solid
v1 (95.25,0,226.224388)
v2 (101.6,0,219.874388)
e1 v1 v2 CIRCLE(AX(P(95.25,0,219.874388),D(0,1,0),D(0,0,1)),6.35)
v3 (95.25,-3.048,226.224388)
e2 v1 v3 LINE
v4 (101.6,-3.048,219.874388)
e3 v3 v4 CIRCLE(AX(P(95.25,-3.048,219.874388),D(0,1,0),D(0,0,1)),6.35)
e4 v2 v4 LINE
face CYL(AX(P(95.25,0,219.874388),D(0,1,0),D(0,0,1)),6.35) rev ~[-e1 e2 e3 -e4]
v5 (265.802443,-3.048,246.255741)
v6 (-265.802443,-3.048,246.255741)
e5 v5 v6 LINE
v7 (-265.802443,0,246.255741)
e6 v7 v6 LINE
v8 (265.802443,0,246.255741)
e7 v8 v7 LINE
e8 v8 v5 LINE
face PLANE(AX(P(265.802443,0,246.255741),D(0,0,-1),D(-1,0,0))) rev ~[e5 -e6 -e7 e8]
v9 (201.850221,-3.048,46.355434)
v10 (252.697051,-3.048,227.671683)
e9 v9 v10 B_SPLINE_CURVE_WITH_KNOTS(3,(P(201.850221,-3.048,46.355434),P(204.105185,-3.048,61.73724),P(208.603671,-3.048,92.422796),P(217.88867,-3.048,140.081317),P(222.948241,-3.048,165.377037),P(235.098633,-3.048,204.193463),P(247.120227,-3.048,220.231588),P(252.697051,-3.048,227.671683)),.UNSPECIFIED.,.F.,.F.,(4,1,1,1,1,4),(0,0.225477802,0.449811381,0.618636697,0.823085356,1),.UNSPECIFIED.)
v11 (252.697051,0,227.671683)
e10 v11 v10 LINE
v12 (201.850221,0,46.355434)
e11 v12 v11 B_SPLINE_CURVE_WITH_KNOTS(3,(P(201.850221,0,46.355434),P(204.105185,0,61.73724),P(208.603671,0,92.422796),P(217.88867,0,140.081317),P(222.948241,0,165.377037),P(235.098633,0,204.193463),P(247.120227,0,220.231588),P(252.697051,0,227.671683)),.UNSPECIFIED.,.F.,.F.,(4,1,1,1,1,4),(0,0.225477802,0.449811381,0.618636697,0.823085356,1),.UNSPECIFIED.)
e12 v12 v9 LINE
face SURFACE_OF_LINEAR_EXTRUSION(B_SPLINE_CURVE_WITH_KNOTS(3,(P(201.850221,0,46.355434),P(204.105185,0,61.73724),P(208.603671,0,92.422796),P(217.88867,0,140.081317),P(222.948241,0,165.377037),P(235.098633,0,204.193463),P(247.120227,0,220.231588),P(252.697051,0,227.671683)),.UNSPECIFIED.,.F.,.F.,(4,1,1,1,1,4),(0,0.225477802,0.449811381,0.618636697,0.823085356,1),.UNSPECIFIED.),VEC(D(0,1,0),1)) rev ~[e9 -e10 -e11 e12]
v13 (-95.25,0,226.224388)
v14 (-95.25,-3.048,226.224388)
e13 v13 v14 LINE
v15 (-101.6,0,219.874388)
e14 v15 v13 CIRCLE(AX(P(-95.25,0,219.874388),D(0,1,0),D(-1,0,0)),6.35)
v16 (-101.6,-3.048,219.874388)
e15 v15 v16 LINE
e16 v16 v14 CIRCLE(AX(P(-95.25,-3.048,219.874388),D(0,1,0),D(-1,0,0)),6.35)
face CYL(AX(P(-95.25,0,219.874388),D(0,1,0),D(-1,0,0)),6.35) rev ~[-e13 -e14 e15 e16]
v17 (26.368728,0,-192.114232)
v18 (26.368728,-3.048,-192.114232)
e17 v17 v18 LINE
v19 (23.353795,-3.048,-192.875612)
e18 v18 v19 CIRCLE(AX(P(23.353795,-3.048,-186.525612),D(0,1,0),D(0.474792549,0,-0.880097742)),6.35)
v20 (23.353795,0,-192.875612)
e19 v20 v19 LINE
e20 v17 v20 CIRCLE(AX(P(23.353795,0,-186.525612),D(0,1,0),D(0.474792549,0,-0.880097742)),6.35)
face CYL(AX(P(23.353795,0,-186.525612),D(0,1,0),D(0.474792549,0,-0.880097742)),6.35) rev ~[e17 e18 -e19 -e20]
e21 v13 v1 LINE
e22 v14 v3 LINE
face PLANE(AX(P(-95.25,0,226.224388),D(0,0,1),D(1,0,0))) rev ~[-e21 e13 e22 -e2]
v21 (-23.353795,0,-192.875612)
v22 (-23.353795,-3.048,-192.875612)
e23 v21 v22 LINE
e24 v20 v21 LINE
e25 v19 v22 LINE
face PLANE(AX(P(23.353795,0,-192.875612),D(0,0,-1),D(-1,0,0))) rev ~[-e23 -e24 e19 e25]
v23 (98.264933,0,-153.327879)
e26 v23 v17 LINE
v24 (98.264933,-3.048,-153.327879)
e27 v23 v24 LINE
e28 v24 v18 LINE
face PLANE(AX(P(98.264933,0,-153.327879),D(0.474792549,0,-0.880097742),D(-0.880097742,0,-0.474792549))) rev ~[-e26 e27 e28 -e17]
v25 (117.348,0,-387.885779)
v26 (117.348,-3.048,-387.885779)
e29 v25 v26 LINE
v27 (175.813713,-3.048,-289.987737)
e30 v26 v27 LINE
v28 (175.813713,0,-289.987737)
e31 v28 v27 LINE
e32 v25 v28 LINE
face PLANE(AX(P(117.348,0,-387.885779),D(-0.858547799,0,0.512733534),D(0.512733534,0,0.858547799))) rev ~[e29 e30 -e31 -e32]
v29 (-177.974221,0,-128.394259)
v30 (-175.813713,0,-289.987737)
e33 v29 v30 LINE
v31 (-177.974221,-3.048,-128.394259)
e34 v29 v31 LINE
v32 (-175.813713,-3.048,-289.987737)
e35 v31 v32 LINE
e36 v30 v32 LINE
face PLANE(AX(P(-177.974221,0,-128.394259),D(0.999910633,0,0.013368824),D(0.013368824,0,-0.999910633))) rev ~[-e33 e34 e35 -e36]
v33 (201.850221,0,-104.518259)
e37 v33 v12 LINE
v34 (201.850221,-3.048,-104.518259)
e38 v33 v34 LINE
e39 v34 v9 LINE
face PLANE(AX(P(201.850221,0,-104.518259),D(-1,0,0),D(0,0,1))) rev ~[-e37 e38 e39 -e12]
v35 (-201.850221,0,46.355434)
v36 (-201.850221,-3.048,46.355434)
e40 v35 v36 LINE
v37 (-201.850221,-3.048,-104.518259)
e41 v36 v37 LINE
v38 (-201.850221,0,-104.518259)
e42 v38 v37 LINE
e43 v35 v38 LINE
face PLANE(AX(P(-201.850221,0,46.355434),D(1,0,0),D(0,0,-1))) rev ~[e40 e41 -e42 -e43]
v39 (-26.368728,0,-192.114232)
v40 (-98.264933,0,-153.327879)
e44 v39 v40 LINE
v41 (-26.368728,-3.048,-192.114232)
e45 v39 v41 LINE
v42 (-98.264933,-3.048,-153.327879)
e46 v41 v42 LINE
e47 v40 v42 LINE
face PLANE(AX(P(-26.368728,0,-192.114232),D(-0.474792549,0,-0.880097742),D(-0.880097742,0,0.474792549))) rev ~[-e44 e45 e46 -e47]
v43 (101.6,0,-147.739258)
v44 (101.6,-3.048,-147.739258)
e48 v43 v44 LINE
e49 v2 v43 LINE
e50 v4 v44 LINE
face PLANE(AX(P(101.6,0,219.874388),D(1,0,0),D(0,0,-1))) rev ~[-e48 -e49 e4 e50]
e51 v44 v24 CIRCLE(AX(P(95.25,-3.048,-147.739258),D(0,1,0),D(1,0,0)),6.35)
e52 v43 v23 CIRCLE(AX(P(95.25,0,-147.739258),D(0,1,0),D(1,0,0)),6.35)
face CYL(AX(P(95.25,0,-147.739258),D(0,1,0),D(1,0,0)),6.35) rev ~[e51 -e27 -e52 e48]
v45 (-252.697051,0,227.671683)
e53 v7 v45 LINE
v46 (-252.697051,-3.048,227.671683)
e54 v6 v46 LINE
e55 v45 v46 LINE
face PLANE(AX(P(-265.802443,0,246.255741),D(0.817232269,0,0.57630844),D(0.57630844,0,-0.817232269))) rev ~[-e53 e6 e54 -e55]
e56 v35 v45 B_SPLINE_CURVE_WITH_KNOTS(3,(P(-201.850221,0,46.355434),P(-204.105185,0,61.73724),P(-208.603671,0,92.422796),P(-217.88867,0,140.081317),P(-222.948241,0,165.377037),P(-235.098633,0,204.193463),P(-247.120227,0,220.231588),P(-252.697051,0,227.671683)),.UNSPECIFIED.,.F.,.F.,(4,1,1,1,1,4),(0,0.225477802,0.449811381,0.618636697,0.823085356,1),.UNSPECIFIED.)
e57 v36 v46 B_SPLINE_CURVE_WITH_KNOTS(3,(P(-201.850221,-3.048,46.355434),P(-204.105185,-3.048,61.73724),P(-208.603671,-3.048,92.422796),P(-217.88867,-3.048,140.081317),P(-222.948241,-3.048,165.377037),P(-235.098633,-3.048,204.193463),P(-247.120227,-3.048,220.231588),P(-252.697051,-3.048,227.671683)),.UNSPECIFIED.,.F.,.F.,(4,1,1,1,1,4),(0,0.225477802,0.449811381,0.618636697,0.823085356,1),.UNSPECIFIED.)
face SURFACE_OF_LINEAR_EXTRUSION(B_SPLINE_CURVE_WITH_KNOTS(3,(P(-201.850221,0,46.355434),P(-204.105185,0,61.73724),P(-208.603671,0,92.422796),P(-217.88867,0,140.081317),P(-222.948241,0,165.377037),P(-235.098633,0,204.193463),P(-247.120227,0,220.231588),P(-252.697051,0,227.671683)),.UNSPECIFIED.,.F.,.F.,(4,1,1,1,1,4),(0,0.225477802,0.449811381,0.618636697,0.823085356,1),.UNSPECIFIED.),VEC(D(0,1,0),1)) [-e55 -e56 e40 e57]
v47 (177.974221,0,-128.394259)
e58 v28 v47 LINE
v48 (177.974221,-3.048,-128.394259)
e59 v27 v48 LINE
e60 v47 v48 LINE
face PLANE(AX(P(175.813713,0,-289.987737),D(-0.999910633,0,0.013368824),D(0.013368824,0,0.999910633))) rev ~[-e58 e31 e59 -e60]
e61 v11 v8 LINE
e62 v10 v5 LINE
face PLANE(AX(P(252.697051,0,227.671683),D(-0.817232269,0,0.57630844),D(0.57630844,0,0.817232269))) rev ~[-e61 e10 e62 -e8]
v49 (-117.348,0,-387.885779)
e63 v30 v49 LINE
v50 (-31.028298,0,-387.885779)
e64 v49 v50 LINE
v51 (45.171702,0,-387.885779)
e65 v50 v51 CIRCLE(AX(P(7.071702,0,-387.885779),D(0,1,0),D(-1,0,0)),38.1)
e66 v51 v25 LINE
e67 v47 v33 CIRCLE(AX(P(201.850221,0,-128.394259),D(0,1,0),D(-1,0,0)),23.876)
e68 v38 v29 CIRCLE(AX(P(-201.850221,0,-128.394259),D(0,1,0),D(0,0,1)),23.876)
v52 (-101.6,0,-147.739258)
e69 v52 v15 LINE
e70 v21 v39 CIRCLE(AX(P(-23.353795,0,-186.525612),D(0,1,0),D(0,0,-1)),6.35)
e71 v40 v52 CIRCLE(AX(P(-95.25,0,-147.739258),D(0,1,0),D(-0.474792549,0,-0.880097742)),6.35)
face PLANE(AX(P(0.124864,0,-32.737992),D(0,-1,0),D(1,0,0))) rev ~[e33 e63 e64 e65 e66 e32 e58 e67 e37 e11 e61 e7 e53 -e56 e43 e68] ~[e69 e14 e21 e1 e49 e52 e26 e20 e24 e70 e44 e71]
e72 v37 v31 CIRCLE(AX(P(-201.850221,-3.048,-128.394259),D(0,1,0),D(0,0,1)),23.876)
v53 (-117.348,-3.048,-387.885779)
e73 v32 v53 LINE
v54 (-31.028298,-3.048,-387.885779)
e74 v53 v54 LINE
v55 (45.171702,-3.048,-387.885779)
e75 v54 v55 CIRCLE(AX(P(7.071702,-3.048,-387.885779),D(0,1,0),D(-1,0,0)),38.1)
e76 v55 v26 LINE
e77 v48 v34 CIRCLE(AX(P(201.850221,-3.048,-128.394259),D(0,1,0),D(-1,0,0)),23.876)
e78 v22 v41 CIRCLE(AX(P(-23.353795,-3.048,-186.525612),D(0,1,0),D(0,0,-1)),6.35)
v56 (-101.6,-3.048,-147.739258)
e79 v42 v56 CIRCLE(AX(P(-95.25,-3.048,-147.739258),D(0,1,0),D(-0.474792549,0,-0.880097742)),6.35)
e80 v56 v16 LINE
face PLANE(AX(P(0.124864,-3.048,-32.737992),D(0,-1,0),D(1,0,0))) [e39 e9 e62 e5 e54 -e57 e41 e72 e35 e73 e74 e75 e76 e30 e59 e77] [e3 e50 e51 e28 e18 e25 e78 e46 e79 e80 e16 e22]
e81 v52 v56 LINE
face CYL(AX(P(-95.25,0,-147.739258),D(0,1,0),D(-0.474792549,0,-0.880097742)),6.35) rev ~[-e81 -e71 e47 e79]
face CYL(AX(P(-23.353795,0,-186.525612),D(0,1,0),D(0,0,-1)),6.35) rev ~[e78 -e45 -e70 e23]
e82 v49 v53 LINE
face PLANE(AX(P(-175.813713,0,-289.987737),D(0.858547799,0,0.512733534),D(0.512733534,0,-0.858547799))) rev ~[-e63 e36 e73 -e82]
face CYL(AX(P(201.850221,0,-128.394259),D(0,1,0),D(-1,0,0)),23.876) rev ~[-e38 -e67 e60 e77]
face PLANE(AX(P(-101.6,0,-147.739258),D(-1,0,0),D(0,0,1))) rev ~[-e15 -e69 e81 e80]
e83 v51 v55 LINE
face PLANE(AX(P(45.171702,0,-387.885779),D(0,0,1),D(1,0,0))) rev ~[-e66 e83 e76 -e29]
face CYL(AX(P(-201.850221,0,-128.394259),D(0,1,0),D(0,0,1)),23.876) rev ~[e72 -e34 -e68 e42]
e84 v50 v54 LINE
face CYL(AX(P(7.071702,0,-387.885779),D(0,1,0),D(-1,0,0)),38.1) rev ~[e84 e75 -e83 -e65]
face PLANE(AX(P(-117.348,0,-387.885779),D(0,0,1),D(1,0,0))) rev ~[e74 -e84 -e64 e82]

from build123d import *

# Parameters (mm, degrees)
F1_DEPTH = 3.048


with BuildPart() as f1:
    # F0 (on Front) → F1 (new body)
    with BuildSketch(Plane.XZ):
        with BuildLine():
            Line((228.6, 246.2557410921), (0, 246.2557410921))
            Line((0, 246.2557410921), (-228.6, 246.2557410921))
            Line((-228.6, 246.2557410921), (-265.8024430275, 246.2557410921))
            Line((-265.8024430275, 246.2557410921), (-252.6970505714, 227.6716828346))
            add(Edge.make_bspline(
                [(-201.850220561, 46.3554337621), (-204.1051852003, 61.7372401986), (-208.6036712949, 92.4227955983), (-217.8886704059, 140.0813170844), (-222.9482414814, 165.3770374409), (-235.098632684, 204.1934629253), (-247.1202266132, 220.2315879282), (-252.6970505714, 227.6716828346)],
                knots=[0, 0, 0, 0, 0.2254778023, 0.4498113809, 0.6186366969, 0.8230853564, 1, 1, 1, 1], degree=3))
            Line((-201.850220561, 46.3554337621), (-201.850220561, -104.5182589079))
            ThreePointArc((-201.850220561, -104.5182589079), (-184.9673390534, -111.5113774003), (-177.974220561, -128.3942589079))
            Line((-177.974220561, -128.3942589079), (-175.8137127407, -289.9877373574))
            Line((-175.8137127407, -289.9877373574), (-117.348, -387.8857791424))
            Line((-117.348, -387.8857791424), (-31.0282981902, -387.8857791424))
            ThreePointArc((-31.0282981902, -387.8857791424), (7.0717018098, -349.7857791424), (45.1717018098, -387.8857791424))
            Line((45.1717018098, -387.8857791424), (117.348, -387.8857791424))
            Line((117.348, -387.8857791424), (175.8137127407, -289.9877373574))
            Line((175.8137127407, -289.9877373574), (177.974220561, -128.3942589079))
            ThreePointArc((177.974220561, -128.3942589079), (184.9673390534, -111.5113774003), (201.850220561, -104.5182589079))
            Line((201.850220561, -104.5182589079), (201.850220561, 46.3554337621))
            add(Edge.make_bspline(
                [(201.850220561, 46.3554337621), (204.1051852003, 61.7372401986), (208.6036712949, 92.4227955983), (217.8886704059, 140.0813170844), (222.9482414814, 165.3770374409), (235.098632684, 204.1934629253), (247.1202266132, 220.2315879282), (252.6970505714, 227.6716828346)],
                knots=[0, 0, 0, 0, 0.2254778023, 0.4498113809, 0.6186366969, 0.8230853564, 1, 1, 1, 1], degree=3))
            Line((252.6970505714, 227.6716828346), (265.8024430275, 246.2557410921))
            Line((265.8024430275, 246.2557410921), (228.6, 246.2557410921))
        make_face()
        with BuildLine():
            Line((-101.6, -147.7392579563), (-101.6, 219.8743884218))
            ThreePointArc((-101.6, 219.8743884218), (-99.7401280605, 224.3645164824), (-95.25, 226.2243884218))
            Line((-95.25, 226.2243884218), (95.25, 226.2243884218))
            ThreePointArc((95.25, 226.2243884218), (99.7401280605, 224.3645164824), (101.6, 219.8743884218))
            Line((101.6, 219.8743884218), (101.6, -147.7392579563))
            ThreePointArc((101.6, -147.7392579563), (100.7028580828, -150.9933075455), (98.2649326838, -153.3278786191))
            Line((98.2649326838, -153.3278786191), (26.3687280188, -192.1142322409))
            ThreePointArc((26.3687280188, -192.1142322409), (24.9085877313, -192.6823250362), (23.353795335, -192.8756115782))
            Line((23.353795335, -192.8756115782), (-23.353795335, -192.8756115782))
            ThreePointArc((-23.353795335, -192.8756115782), (-24.9085877313, -192.6823250362), (-26.3687280188, -192.1142322409))
            Line((-26.3687280188, -192.1142322409), (-98.2649326838, -153.3278786191))
            ThreePointArc((-98.2649326838, -153.3278786191), (-100.7028580828, -150.9933075455), (-101.6, -147.7392579563))
        make_face(mode=Mode.SUBTRACT)
    extrude(amount=F1_DEPTH)


solid = f1.part
